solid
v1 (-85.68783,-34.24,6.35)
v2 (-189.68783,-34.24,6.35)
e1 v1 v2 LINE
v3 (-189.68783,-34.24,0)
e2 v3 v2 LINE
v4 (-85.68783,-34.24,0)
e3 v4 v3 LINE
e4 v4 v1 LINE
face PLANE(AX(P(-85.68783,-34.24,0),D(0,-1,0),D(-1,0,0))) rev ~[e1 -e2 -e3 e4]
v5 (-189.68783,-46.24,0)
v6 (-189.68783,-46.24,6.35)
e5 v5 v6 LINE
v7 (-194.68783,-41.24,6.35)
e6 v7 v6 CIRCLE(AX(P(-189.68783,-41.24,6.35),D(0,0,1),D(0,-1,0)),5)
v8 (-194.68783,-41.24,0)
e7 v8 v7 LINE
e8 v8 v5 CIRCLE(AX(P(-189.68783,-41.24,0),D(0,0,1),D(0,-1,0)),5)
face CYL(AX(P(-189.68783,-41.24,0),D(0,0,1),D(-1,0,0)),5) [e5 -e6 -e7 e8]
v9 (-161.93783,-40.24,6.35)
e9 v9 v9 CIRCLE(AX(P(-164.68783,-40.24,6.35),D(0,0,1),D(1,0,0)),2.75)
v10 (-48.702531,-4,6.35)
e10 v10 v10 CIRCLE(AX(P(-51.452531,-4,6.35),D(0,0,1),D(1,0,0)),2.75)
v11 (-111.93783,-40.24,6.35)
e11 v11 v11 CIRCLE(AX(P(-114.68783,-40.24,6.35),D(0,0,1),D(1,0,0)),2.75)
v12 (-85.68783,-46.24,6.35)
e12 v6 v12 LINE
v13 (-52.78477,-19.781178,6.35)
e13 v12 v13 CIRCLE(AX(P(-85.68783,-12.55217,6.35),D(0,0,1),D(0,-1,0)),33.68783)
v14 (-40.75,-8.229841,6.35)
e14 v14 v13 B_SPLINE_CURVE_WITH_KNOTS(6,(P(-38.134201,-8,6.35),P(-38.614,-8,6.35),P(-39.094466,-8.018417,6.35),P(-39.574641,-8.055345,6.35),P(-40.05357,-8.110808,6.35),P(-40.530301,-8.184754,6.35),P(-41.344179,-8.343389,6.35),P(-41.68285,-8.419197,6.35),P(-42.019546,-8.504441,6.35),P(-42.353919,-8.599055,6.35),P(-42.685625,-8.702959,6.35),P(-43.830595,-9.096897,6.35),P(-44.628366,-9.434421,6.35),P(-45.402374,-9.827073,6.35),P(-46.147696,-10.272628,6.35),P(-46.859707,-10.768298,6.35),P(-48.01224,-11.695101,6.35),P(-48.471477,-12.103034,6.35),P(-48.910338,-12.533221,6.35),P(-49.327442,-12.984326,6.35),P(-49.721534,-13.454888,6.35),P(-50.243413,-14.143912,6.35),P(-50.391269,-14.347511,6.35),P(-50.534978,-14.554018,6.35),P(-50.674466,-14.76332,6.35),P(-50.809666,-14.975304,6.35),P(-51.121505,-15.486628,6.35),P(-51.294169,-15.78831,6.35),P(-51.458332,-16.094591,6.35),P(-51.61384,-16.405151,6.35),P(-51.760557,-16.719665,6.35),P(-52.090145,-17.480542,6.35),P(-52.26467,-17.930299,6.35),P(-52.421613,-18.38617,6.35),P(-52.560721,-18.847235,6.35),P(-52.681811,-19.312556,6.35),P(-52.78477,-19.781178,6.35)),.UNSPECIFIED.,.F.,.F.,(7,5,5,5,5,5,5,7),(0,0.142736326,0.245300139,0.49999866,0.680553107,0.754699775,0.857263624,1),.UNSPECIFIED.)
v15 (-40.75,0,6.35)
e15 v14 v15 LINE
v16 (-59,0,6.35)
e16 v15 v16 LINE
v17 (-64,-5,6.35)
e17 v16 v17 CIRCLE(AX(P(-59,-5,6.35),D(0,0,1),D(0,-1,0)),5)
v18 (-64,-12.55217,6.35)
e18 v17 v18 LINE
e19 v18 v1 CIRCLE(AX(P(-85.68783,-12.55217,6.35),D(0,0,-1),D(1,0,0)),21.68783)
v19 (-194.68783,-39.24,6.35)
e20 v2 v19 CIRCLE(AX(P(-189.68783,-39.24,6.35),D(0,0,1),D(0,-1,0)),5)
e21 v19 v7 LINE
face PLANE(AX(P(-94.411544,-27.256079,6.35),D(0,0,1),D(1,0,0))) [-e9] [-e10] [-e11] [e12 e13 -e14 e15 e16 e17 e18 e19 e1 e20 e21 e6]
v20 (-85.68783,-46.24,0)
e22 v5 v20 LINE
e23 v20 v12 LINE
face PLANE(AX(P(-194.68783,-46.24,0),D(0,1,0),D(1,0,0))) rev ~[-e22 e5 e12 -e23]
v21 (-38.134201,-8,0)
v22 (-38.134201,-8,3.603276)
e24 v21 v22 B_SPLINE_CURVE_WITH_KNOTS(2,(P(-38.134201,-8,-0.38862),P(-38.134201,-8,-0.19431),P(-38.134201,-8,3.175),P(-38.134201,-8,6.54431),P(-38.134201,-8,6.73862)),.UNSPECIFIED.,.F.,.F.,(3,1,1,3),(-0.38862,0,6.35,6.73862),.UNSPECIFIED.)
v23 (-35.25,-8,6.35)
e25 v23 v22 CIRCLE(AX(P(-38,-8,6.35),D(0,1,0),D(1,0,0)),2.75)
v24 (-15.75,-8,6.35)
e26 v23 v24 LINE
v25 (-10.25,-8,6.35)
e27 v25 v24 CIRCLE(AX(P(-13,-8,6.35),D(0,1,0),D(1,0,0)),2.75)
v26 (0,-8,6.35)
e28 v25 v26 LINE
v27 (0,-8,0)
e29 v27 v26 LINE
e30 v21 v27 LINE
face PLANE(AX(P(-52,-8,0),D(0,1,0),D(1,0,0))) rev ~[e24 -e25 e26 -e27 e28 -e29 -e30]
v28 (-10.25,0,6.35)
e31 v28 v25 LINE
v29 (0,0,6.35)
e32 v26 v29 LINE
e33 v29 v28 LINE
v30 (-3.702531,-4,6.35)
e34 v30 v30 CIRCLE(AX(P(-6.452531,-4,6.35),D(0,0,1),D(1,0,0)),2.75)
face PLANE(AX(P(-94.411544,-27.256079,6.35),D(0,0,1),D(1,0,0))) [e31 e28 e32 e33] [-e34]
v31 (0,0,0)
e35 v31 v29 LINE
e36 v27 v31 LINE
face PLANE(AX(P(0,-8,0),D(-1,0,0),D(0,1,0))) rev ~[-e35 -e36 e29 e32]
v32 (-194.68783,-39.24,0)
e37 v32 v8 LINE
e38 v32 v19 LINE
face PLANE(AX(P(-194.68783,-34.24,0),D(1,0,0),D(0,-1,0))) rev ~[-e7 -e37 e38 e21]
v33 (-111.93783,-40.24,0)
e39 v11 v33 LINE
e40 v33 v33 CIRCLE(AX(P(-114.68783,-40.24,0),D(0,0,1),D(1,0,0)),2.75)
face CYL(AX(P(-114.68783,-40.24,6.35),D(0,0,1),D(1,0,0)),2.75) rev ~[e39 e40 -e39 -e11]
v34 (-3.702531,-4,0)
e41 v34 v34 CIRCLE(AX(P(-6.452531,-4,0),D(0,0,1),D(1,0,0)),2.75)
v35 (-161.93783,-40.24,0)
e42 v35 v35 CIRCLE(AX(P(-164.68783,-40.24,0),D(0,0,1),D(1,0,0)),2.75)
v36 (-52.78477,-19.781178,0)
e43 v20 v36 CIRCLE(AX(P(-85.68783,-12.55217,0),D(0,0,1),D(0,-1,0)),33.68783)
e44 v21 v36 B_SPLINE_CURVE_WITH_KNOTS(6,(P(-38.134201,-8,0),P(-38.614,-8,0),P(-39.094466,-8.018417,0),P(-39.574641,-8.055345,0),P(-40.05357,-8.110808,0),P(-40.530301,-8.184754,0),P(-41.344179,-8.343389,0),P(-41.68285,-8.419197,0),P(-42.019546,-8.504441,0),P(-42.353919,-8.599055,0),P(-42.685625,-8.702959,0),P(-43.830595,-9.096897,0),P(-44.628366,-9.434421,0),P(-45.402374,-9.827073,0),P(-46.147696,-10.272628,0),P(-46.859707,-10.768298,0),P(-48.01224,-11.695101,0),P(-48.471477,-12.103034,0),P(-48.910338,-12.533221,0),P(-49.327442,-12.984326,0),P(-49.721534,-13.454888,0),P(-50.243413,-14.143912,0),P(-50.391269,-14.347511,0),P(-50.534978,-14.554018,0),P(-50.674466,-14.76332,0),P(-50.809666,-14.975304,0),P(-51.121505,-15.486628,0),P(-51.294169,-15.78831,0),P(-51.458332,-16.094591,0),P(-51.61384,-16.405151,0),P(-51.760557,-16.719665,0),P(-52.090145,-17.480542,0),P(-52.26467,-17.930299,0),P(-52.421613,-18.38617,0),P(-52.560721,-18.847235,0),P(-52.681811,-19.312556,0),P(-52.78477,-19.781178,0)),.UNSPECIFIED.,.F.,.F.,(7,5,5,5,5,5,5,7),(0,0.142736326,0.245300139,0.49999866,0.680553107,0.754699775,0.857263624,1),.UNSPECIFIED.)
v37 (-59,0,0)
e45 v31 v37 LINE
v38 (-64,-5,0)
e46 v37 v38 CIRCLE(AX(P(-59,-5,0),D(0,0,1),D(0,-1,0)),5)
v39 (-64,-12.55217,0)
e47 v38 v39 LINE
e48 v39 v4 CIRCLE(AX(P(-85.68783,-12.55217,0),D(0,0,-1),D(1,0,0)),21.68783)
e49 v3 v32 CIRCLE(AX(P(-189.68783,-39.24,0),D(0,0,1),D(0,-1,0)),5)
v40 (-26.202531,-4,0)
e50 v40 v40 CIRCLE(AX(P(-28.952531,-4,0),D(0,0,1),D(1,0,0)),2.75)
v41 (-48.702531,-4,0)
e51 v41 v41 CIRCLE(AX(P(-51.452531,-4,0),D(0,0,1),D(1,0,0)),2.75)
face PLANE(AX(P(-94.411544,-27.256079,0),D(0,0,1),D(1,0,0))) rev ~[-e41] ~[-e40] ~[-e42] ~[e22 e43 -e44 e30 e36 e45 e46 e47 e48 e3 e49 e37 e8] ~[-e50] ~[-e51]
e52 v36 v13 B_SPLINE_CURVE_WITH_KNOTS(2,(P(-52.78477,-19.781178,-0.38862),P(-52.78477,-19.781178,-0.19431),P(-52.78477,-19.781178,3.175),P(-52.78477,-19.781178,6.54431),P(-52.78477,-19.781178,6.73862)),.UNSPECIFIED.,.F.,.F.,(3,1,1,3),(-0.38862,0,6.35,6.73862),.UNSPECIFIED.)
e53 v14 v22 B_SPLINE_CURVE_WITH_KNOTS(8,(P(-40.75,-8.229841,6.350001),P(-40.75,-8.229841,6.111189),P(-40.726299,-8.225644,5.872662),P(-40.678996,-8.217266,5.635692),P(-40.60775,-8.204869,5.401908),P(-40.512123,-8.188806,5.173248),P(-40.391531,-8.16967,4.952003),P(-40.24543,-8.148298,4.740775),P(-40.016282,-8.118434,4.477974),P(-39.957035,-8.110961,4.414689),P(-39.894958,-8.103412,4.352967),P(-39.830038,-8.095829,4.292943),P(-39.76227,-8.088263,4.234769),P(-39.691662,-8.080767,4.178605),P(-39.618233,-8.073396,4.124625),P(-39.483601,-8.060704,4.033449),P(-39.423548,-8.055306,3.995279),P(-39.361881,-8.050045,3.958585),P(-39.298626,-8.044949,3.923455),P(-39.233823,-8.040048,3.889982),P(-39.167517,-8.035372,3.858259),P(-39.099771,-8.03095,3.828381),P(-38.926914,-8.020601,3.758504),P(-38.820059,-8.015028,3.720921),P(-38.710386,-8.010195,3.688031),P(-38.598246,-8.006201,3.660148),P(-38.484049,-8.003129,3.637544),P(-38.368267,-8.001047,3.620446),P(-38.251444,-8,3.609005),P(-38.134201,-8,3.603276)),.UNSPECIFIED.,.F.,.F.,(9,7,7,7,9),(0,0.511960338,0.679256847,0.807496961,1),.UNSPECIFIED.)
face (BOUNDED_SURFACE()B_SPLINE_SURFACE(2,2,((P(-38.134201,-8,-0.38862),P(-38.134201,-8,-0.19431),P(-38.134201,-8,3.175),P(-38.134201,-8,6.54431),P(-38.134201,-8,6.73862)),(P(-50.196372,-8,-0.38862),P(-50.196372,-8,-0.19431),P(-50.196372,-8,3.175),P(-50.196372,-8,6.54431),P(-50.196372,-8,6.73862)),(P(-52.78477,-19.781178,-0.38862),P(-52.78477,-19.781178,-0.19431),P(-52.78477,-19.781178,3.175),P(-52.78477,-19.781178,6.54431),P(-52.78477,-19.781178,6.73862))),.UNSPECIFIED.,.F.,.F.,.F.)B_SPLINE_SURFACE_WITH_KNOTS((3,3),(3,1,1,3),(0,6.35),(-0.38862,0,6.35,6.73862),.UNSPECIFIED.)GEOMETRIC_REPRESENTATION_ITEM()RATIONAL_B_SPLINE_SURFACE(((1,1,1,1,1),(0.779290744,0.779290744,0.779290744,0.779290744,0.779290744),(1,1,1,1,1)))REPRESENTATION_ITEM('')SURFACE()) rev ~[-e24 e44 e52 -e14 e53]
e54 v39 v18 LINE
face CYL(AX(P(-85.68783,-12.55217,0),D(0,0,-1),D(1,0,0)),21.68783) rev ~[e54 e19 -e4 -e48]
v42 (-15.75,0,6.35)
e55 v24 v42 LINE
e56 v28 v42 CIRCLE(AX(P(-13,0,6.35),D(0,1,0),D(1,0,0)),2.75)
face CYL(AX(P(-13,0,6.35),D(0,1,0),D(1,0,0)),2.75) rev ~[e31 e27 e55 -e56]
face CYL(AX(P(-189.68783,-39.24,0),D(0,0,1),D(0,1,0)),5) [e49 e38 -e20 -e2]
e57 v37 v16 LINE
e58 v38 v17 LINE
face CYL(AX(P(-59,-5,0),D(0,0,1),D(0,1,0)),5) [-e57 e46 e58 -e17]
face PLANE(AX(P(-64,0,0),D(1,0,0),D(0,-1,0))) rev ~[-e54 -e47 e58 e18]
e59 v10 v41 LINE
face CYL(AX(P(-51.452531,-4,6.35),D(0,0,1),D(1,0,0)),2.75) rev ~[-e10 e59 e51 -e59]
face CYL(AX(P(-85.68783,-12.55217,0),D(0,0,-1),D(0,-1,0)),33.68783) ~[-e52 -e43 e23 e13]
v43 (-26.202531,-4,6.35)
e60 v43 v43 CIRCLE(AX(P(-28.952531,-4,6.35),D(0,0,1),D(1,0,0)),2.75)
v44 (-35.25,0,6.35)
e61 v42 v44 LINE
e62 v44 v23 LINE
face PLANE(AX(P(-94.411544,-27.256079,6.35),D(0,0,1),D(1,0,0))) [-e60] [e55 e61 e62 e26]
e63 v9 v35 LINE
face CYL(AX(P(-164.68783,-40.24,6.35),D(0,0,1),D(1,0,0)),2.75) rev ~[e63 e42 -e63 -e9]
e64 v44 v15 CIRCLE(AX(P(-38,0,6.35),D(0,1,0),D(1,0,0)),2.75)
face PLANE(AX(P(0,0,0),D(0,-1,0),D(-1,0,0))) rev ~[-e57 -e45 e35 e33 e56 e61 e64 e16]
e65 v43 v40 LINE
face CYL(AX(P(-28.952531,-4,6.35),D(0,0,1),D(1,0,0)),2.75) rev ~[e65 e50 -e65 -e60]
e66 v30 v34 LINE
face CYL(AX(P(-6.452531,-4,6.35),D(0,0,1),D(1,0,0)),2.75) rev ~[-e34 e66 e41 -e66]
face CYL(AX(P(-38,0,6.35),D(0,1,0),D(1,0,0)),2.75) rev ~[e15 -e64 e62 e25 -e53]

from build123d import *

# Parameters (mm, degrees)
BOSS_EXTRUDE1_DEPTH = 6.35
FILLET1_R           = 5
FILLET2_R           = 15
SKETCH4_R           = 2.75
CUT_EXTRUDE2_DEPTH  = 10
CUT_EXTRUDE3_REACH  = 48.24
SKETCH3_R           = 2.75


with BuildPart() as part:
    # Sketch1 → Boss-Extrude1 (new body)
    with BuildSketch(Plane.XY):
        with BuildLine():
            Line((0, 0), (-64, 0))
            Line((-64, 0), (-64, -12.552169744))
            ThreePointArc((-64, -12.552169744), (-70.352218413, -27.887781587), (-85.687830256, -34.24))
            Line((-85.687830256, -34.24), (-194.687830256, -34.24))
            Line((-194.687830256, -34.24), (-194.687830256, -46.24))
            Line((-194.687830256, -46.24), (-85.687830256, -46.24))
            ThreePointArc((-85.687830256, -46.24), (-61.866937038, -36.373062962), (-52, -12.552169744))
            Line((-52, -12.552169744), (-52, -8))
            Line((-52, -8), (0, -8))
            Line((0, -8), (0, 0))
        make_face()
    extrude(amount=BOSS_EXTRUDE1_DEPTH)

    # Fillet1
    fillet1_edges = [part.edges().sort_by_distance(p)[0] for p in [
        (-194.687830256, -46.24, 3.175),
        (-194.687830256, -34.24, 3.175),
        (-64, 0, 3.175),
    ]]
    fillet(fillet1_edges, radius=FILLET1_R)

    # Fillet2
    fillet2_edges = [part.edges().sort_by_distance(p)[0] for p in [
        (-52, -8, 3.175),
    ]]
    fillet(fillet2_edges, radius=FILLET2_R)

    # Sketch4 → Cut-Extrude2 (cut)
    with BuildSketch(Plane.XY.offset(6.35)):
        with Locations((-164.687830256, -40.24)):
            Circle(SKETCH4_R)
        with Locations((-114.687830256, -40.24)):
            Circle(SKETCH4_R)
        with Locations((-6.452530622, -4)):
            Circle(SKETCH4_R)
        with Locations((-28.952530622, -4)):
            Circle(SKETCH4_R)
        with Locations((-51.452530622, -4)):
            Circle(SKETCH4_R)
    extrude(amount=-CUT_EXTRUDE2_DEPTH, mode=Mode.SUBTRACT)

    # Sketch3 → Cut-Extrude3 (cut, up to next)
    with BuildSketch(Plane(origin=(0, 0, 0), x_dir=(1, 0, 0), z_dir=(0, 1, 0)), mode=Mode.PRIVATE) as cut_extrude3_sk1:
        with Locations((-13, -6.35)):
            Circle(SKETCH3_R)
    cut_extrude3_tool1 = extrude(cut_extrude3_sk1.sketch, amount=-CUT_EXTRUDE3_REACH, mode=Mode.PRIVATE) & part.part
    add(cut_extrude3_tool1.solids().sort_by_distance((-13, 0, 6.35))[0], mode=Mode.SUBTRACT)
    # Sketch3 → Cut-Extrude3 (cut, up to next)
    with BuildSketch(Plane(origin=(0, 0, 0), x_dir=(1, 0, 0), z_dir=(0, 1, 0)), mode=Mode.PRIVATE) as cut_extrude3_sk2:
        with Locations((-38, -6.35)):
            Circle(SKETCH3_R)
    cut_extrude3_tool2 = extrude(cut_extrude3_sk2.sketch, amount=-CUT_EXTRUDE3_REACH, mode=Mode.PRIVATE) & part.part
    add(cut_extrude3_tool2.solids().sort_by_distance((-38, 0, 6.35))[0], mode=Mode.SUBTRACT)


solid = part.part
